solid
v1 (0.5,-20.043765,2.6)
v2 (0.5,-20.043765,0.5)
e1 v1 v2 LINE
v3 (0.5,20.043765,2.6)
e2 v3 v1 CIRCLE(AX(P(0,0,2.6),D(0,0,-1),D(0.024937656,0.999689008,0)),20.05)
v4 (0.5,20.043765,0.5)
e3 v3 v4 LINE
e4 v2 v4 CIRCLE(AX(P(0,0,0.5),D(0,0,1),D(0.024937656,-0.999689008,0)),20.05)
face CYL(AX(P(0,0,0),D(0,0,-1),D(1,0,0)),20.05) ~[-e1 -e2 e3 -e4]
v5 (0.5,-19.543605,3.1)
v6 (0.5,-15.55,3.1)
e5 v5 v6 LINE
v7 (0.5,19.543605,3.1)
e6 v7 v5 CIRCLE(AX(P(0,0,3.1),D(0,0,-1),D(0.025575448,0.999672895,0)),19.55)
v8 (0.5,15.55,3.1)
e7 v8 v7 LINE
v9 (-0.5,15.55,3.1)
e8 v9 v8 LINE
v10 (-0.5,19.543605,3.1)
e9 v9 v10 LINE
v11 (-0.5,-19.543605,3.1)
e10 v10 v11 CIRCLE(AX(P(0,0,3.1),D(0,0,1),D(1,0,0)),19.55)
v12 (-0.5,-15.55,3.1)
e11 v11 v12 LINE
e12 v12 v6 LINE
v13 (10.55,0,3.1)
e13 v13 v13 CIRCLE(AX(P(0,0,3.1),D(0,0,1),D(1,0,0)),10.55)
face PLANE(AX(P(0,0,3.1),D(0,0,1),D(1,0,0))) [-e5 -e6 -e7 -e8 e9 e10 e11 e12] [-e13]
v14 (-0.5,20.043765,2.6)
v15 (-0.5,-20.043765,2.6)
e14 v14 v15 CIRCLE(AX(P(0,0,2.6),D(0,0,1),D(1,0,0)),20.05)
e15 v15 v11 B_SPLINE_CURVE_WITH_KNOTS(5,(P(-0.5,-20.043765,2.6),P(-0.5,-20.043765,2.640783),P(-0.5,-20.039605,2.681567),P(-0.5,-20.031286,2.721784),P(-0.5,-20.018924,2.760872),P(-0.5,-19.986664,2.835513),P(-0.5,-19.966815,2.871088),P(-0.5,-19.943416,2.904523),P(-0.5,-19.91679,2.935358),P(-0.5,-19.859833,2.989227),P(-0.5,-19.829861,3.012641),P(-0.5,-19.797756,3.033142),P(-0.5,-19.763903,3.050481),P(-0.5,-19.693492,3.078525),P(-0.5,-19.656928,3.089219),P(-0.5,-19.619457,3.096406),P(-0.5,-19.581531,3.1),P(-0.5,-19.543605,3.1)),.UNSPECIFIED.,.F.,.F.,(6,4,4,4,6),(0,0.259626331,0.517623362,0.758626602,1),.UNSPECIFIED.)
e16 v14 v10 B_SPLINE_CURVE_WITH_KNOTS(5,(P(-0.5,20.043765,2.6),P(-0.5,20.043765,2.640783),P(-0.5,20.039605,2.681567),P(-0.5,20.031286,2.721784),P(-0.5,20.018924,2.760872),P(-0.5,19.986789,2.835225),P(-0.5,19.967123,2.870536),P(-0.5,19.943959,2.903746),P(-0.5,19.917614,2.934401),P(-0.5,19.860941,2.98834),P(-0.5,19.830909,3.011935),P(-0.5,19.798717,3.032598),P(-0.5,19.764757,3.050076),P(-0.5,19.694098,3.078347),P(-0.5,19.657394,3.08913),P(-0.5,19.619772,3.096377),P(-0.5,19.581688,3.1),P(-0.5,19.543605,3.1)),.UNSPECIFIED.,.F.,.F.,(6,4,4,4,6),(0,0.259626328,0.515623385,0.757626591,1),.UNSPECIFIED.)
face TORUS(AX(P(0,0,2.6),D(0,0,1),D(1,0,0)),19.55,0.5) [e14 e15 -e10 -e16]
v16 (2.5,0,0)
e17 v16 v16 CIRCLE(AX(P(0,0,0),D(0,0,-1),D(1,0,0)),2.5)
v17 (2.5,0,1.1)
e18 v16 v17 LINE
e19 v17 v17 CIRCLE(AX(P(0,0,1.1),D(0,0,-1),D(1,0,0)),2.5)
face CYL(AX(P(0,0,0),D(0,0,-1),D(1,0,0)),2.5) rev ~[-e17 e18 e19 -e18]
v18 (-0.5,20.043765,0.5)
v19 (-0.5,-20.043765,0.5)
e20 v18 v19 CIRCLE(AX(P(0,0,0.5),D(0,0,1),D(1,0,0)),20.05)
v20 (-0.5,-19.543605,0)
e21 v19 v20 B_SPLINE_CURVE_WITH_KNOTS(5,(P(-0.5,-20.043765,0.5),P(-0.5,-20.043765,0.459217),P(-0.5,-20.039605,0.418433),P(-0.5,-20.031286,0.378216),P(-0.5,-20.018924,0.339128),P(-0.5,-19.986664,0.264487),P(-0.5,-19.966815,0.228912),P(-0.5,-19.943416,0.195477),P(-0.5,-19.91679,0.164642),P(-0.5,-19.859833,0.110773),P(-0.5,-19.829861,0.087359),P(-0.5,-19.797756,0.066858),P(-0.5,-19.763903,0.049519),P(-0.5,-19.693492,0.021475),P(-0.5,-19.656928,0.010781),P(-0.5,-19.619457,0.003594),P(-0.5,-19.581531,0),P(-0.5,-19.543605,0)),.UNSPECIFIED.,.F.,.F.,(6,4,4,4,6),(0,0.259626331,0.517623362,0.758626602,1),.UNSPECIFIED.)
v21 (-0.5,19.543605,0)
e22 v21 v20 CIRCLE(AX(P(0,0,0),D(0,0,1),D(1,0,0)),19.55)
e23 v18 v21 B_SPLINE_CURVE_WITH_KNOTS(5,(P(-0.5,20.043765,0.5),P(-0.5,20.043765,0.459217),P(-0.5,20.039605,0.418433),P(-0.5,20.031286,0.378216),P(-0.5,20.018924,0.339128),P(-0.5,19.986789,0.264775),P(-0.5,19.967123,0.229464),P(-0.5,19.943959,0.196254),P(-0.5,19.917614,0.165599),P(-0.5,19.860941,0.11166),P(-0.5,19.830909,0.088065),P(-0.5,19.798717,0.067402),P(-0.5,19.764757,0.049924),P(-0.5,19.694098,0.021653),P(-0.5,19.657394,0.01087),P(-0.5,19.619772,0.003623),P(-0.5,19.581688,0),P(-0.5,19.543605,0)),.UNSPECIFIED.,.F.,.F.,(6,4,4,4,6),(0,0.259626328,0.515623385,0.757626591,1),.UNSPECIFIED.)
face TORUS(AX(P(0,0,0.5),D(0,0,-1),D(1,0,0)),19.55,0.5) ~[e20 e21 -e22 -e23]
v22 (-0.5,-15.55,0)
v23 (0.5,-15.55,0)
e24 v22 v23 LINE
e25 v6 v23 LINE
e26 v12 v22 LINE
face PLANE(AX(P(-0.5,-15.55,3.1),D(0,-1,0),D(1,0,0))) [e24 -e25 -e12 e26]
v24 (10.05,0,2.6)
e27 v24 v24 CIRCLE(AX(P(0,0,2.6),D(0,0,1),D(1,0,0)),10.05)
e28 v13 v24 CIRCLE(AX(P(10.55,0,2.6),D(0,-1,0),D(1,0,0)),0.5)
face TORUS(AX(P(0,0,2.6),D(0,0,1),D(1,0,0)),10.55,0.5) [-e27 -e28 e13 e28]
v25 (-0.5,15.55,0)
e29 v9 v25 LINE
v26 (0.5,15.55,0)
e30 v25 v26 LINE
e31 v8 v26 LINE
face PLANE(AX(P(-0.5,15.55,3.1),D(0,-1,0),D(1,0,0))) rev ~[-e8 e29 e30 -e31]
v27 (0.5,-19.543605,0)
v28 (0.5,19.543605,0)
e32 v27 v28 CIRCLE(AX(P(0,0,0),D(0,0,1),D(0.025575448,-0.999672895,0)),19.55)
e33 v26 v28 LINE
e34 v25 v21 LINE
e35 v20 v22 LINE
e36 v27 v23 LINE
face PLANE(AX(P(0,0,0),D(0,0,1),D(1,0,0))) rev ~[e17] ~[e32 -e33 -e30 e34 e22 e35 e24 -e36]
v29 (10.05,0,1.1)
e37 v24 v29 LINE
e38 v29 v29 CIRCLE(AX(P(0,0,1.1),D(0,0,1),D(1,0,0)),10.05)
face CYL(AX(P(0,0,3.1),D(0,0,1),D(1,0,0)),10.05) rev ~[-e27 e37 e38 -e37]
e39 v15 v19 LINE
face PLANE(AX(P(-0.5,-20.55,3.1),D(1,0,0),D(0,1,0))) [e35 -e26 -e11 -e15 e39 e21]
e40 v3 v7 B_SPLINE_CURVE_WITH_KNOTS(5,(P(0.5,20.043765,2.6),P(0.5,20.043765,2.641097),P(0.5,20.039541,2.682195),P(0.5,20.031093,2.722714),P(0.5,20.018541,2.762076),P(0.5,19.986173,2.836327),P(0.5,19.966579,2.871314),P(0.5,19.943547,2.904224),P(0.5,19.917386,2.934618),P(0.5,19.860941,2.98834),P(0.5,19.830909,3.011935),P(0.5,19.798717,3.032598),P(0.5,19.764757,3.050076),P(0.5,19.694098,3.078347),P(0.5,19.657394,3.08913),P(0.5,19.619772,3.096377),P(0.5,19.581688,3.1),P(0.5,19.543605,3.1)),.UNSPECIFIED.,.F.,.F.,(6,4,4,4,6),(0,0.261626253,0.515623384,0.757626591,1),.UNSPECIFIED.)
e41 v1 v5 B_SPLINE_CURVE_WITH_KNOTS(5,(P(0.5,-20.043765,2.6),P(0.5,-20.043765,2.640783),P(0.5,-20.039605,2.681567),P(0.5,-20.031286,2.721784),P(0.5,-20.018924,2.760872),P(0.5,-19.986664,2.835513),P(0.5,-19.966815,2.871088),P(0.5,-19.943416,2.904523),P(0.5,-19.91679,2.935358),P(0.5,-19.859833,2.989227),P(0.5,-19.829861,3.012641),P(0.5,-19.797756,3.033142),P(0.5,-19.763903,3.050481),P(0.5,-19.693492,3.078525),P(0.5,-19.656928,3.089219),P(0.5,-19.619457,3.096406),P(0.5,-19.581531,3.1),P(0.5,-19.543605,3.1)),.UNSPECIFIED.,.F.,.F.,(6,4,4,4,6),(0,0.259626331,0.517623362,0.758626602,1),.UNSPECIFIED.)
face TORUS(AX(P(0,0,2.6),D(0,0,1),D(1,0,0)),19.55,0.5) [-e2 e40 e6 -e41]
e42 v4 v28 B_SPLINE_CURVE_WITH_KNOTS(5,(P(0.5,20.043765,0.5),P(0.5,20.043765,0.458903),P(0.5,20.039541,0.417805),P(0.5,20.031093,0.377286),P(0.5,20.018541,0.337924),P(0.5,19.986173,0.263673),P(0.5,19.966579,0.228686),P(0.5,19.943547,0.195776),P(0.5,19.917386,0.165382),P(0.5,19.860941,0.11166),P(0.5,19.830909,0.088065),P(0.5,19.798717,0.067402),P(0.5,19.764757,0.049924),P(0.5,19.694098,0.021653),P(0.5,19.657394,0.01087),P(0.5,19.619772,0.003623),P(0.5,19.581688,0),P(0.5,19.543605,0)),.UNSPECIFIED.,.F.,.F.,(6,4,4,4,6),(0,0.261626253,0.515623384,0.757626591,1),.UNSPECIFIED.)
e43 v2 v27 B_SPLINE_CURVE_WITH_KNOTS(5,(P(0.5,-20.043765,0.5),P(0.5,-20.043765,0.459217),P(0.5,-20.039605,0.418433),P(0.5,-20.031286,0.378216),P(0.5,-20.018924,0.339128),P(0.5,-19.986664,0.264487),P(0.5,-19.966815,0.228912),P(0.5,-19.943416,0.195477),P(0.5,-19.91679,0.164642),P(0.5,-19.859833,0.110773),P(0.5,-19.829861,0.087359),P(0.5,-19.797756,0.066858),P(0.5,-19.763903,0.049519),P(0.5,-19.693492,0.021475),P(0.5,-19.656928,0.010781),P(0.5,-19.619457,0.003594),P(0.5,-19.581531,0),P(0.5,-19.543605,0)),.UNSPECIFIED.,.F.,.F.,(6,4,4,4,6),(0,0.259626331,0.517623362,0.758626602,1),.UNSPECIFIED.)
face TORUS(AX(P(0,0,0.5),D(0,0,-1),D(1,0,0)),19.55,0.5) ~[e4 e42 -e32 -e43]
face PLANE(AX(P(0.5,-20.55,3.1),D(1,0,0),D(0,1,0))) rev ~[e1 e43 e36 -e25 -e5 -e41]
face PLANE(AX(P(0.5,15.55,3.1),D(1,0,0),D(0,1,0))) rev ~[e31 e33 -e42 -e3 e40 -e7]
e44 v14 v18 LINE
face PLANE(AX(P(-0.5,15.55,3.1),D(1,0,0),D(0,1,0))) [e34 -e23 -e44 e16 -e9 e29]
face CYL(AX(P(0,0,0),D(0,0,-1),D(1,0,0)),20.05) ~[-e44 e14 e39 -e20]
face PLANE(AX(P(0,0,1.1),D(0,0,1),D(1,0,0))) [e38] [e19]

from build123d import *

# Parameters (mm, degrees)
F0_R     = 20.05
F1_DEPTH = 3.1
F2_R     = 10.05
F3_DEPTH = 2
F4_R     = 0.5
F5_R     = 2.5
F6_DEPTH = 3.1010001
F7_W     = 1
F7_H     = 5
F8_DEPTH = 3.1010001


with BuildPart() as f1:
    # F0 (on Top) → F1 (new body)
    with BuildSketch(Plane.XY):
        Circle(F0_R)
    extrude(amount=F1_DEPTH)

    # F2 (on face) → F3 (cut)
    with BuildSketch(Plane.XY.offset(3.1)):
        Circle(F2_R)
    extrude(amount=-F3_DEPTH, mode=Mode.SUBTRACT)

    # F4
    f4_edges = [f1.edges().sort_by_distance(p)[0] for p in [
        (-20.05, 0, 3.1),
        (-10.05, 0, 3.1),
        (-20.05, 0, 0),
    ]]
    fillet(f4_edges, radius=F4_R)

    # F5 (on face) → F6 (cut, through all)
    with BuildSketch(Plane(origin=(0, 0, 0), x_dir=(1, 0, 0), z_dir=(0, 0, -1))):
        Circle(F5_R)
    extrude(amount=-F6_DEPTH, mode=Mode.SUBTRACT)

    # F7 (on face) → F8 (cut, through all)
    with BuildSketch(Plane.XY.offset(3.1)):
        with Locations((0, 18.05)):
            Rectangle(F7_W, F7_H)
        with Locations((0, -18.05)):
            Rectangle(F7_W, F7_H)
    extrude(amount=-F8_DEPTH, mode=Mode.SUBTRACT)


solid = f1.part
